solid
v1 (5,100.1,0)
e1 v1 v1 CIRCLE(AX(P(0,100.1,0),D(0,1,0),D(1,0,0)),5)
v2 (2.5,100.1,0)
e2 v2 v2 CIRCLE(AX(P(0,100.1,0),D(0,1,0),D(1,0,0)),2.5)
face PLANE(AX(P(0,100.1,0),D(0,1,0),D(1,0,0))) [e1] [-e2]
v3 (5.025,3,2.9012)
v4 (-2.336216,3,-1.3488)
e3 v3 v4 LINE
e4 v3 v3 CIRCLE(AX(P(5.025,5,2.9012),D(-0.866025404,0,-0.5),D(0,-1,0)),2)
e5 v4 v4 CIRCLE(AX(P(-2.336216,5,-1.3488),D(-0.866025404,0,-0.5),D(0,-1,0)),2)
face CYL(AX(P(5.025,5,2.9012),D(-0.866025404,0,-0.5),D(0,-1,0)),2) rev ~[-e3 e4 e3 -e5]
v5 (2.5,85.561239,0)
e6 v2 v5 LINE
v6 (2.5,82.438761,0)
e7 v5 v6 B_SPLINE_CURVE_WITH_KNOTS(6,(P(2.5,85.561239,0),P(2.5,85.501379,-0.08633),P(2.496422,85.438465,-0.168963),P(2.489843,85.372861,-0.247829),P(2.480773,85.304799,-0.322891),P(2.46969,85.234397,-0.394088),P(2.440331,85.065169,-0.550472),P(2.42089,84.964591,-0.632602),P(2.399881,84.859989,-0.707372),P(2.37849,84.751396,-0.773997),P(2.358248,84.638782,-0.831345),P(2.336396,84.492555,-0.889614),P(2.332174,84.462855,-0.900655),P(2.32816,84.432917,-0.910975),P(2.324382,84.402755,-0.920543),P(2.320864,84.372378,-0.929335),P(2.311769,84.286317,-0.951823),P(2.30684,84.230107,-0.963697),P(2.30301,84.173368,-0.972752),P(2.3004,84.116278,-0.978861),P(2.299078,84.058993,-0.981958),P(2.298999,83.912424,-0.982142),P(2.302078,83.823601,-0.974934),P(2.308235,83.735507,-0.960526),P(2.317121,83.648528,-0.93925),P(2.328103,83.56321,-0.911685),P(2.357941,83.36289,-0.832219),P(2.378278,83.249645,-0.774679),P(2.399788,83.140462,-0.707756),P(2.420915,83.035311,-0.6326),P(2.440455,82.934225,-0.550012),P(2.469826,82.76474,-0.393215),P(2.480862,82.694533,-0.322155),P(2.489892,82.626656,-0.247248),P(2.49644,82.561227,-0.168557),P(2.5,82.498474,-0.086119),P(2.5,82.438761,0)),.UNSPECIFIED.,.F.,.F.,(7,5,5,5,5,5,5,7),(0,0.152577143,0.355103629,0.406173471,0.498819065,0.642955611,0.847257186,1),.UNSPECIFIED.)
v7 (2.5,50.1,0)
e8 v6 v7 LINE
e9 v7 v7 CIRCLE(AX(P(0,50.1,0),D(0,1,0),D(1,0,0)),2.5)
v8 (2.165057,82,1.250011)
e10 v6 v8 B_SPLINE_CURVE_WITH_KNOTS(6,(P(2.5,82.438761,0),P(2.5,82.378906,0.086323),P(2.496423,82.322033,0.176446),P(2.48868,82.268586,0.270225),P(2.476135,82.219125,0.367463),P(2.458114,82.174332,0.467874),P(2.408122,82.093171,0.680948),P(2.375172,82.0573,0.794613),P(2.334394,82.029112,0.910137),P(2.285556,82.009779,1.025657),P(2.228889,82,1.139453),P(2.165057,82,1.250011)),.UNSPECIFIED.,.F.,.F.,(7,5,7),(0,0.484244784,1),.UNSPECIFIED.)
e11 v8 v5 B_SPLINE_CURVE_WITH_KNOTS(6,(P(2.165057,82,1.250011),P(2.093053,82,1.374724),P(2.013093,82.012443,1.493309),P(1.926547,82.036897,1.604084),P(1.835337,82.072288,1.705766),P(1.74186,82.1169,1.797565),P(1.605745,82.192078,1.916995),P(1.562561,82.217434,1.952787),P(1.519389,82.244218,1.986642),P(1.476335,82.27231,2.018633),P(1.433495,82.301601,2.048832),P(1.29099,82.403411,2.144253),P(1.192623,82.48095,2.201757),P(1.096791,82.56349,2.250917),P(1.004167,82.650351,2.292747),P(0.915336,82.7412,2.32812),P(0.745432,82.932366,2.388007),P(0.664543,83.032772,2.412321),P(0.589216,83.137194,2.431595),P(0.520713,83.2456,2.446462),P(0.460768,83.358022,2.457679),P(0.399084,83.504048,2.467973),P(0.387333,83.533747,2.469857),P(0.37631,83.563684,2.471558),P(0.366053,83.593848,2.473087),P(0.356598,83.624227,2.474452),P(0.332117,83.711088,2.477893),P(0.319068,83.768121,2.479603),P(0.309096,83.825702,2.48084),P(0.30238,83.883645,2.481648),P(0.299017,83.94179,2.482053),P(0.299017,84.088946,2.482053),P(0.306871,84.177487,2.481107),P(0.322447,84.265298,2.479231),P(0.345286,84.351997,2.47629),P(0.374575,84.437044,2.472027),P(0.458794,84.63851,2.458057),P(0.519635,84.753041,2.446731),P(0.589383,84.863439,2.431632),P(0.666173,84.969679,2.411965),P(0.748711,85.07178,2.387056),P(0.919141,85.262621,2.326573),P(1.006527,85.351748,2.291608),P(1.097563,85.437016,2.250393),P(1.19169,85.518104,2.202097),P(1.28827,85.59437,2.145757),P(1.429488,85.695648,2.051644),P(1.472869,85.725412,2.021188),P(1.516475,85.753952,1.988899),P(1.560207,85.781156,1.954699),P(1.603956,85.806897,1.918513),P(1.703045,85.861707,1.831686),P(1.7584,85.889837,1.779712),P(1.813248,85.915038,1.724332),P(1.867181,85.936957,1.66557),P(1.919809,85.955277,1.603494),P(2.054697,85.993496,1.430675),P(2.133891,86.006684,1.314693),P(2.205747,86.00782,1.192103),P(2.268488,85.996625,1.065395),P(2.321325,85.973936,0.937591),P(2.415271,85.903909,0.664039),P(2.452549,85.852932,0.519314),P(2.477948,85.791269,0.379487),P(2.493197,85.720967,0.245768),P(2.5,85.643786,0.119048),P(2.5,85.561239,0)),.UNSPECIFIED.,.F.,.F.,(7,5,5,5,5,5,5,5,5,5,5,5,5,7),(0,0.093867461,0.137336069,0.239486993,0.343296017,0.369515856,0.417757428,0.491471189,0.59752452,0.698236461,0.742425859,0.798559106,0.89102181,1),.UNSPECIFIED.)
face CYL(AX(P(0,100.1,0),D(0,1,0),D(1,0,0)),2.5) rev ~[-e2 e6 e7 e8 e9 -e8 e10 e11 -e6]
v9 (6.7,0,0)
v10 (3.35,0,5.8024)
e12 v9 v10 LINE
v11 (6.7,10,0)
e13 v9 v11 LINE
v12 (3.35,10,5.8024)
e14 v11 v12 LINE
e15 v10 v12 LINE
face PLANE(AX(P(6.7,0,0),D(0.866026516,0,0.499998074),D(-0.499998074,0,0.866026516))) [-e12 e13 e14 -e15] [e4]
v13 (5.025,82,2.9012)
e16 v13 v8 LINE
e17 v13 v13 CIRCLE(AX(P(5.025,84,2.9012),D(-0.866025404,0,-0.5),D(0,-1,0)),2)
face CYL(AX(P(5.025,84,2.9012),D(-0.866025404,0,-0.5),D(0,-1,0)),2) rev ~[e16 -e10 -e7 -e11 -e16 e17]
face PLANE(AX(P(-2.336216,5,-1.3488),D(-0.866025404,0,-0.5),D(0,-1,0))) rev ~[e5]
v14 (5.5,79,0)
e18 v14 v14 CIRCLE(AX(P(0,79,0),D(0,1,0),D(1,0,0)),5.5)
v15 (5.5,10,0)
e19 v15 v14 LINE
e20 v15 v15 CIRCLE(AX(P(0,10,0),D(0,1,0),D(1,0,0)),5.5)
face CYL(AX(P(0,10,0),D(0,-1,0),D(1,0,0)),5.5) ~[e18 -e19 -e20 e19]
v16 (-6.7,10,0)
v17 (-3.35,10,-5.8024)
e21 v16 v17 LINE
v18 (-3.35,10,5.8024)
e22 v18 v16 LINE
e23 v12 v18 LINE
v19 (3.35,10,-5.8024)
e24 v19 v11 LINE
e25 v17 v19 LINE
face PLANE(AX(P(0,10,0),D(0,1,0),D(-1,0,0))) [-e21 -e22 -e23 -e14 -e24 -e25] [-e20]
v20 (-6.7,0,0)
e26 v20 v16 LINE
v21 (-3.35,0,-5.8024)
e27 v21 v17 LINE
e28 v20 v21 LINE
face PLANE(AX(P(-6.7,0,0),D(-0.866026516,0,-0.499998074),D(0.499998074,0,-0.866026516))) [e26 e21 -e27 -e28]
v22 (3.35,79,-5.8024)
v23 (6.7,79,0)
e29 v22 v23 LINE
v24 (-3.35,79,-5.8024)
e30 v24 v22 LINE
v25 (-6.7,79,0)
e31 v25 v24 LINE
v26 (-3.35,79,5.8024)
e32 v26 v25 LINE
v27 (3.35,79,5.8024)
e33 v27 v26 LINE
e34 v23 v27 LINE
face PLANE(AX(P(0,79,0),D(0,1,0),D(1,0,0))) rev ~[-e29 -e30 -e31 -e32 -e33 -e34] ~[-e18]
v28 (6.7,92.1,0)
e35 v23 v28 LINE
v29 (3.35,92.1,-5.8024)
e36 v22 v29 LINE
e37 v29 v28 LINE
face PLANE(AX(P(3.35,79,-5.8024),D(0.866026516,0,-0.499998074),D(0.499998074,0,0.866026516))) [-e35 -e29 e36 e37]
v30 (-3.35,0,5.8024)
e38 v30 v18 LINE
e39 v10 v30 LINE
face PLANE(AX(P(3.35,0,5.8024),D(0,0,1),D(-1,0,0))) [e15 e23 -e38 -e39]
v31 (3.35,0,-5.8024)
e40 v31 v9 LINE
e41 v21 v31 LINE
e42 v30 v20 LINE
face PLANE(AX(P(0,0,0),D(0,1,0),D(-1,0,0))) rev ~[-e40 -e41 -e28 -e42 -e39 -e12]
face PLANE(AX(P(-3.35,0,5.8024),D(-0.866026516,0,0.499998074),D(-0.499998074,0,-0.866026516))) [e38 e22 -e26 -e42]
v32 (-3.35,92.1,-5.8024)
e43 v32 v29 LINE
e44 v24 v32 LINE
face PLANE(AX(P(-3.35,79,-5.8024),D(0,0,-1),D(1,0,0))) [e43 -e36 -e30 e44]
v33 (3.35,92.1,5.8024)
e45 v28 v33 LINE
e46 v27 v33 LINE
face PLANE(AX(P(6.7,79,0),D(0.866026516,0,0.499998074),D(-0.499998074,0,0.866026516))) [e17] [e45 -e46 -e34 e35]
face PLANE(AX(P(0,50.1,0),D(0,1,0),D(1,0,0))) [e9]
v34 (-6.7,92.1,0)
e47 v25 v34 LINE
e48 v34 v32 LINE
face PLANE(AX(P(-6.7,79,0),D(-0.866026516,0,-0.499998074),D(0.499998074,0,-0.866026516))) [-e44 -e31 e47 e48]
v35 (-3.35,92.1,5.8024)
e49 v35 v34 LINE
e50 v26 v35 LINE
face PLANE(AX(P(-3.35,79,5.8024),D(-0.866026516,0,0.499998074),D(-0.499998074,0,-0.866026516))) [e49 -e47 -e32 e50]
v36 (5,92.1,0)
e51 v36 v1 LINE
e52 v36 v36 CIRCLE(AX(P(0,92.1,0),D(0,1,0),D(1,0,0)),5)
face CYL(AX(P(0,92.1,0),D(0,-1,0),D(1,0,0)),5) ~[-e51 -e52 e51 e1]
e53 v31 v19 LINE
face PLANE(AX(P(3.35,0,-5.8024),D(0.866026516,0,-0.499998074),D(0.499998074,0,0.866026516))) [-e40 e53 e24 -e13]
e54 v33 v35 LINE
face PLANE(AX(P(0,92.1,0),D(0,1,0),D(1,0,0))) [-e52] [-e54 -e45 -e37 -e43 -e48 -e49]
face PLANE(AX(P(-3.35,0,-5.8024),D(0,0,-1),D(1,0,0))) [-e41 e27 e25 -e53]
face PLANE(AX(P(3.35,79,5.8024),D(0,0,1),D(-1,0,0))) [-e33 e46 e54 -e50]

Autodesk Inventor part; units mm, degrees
ref_plane "YZ Plane" through (0, 0, 0) normal (1, 0, 0) x (0, 1, 0)
ref_plane "XZ Plane" through (0, 0, 0) normal (0, 1, 0) x (-1, 0, 0)
ref_plane "XY Plane" through (0, 0, 0) normal (0, 0, 1) x (1, 0, 0)
sketch "スケッチ1" plane through (0, 0, 0) normal (0, 1, 0) x (-1, 0, 0)
  line L0 (6.7, 0) -> (3.35, -5.8024)
  line L1 (3.35, -5.8024) -> (-3.35, -5.8024)
  line L2 (-3.35, -5.8024) -> (-6.7, 0)
  line L3 (-6.7, 0) -> (-3.35, 5.8024)
  line L4 (-3.35, 5.8024) -> (3.35, 5.8024)
  line L5 (3.35, 5.8024) -> (6.7, 0)
  point P0 (0, 0)
  point P1 (0, 0)
  dimension "d0" = 6.7
extrude "押し出し1" add sketch "スケッチ1" along normal blind 10
sketch "スケッチ2" plane through (0, 10, 0) normal (0, 1, 0) x (1, 0, 0)
  circle A0 centre (0, 0) radius 5.5
  dimension "d3" = 11
extrude "押し出し2" add sketch "スケッチ2" along normal blind 69
sketch "スケッチ3" plane through (0, 79, 0) normal (0, 1, 0) x (1, 0, 0)
  line L0 (-6.7, 0) -> (-3.35, 5.8024)
  line L1 (-3.35, 5.8024) -> (3.35, 5.8024)
  line L2 (3.35, 5.8024) -> (6.7, 0)
  line L3 (6.7, 0) -> (3.35, -5.8024)
  line L4 (3.35, -5.8024) -> (-3.35, -5.8024)
  line L5 (-3.35, -5.8024) -> (-6.7, 0)
  point P0 (0, 0)
  point P1 (0, 0)
extrude "押し出し3" add sketch "スケッチ3" along normal blind 13.1
sketch "スケッチ4" plane through (0, 92.1, 0) normal (0, 1, 0) x (1, 0, 0)
  circle A0 centre (0, 0) radius 5
  dimension "d8" = 10
extrude "押し出し4" add sketch "スケッチ4" along normal blind 8
sketch "スケッチ5" plane through (0, 100.1, 0) normal (0, 1, 0) x (1, 0, 0)
  circle A0 centre (0, 0) radius 2.5
  dimension "d11" = 5
extrude "押し出し5" cut sketch "スケッチ5" against normal blind 50
sketch "スケッチ6" plane through (6.7, 0, 0) normal (0.866, 0, 0.5) x (0.5, 0, -0.866)
  line L0 (-3.35, 0) -> (-3.35, 10)
  line L1 (-8.85, 10) -> (2.15, 10) projected
  point P0 (-3.35, 5)
hole "穴1" at (5.025, 5, 2.9012) direction (-0.866, 0, -0.5) diameter 4 depth 8.5
sketch "スケッチ7" plane through (6.7, 79, 0) normal (0.866, 0, 0.5) x (0.5, 0, -0.866)
  line L0 (0, 0) -> (-6.7, 0) projected
  line L1 (-3.35, 0) -> (-3.35, 13.1)
  line L2 (-6.7, 13.1) -> (0, 13.1) projected
  point P0 (-3.35, -79)
  point P1 (-3.35, 5)
  dimension "d21" = 5
hole "穴2" at (5.025, 84, 2.9012) direction (-0.866, 0, -0.5) diameter 4 depth 5
properties part number "SMC_CJ1KB10-45(本体)"
